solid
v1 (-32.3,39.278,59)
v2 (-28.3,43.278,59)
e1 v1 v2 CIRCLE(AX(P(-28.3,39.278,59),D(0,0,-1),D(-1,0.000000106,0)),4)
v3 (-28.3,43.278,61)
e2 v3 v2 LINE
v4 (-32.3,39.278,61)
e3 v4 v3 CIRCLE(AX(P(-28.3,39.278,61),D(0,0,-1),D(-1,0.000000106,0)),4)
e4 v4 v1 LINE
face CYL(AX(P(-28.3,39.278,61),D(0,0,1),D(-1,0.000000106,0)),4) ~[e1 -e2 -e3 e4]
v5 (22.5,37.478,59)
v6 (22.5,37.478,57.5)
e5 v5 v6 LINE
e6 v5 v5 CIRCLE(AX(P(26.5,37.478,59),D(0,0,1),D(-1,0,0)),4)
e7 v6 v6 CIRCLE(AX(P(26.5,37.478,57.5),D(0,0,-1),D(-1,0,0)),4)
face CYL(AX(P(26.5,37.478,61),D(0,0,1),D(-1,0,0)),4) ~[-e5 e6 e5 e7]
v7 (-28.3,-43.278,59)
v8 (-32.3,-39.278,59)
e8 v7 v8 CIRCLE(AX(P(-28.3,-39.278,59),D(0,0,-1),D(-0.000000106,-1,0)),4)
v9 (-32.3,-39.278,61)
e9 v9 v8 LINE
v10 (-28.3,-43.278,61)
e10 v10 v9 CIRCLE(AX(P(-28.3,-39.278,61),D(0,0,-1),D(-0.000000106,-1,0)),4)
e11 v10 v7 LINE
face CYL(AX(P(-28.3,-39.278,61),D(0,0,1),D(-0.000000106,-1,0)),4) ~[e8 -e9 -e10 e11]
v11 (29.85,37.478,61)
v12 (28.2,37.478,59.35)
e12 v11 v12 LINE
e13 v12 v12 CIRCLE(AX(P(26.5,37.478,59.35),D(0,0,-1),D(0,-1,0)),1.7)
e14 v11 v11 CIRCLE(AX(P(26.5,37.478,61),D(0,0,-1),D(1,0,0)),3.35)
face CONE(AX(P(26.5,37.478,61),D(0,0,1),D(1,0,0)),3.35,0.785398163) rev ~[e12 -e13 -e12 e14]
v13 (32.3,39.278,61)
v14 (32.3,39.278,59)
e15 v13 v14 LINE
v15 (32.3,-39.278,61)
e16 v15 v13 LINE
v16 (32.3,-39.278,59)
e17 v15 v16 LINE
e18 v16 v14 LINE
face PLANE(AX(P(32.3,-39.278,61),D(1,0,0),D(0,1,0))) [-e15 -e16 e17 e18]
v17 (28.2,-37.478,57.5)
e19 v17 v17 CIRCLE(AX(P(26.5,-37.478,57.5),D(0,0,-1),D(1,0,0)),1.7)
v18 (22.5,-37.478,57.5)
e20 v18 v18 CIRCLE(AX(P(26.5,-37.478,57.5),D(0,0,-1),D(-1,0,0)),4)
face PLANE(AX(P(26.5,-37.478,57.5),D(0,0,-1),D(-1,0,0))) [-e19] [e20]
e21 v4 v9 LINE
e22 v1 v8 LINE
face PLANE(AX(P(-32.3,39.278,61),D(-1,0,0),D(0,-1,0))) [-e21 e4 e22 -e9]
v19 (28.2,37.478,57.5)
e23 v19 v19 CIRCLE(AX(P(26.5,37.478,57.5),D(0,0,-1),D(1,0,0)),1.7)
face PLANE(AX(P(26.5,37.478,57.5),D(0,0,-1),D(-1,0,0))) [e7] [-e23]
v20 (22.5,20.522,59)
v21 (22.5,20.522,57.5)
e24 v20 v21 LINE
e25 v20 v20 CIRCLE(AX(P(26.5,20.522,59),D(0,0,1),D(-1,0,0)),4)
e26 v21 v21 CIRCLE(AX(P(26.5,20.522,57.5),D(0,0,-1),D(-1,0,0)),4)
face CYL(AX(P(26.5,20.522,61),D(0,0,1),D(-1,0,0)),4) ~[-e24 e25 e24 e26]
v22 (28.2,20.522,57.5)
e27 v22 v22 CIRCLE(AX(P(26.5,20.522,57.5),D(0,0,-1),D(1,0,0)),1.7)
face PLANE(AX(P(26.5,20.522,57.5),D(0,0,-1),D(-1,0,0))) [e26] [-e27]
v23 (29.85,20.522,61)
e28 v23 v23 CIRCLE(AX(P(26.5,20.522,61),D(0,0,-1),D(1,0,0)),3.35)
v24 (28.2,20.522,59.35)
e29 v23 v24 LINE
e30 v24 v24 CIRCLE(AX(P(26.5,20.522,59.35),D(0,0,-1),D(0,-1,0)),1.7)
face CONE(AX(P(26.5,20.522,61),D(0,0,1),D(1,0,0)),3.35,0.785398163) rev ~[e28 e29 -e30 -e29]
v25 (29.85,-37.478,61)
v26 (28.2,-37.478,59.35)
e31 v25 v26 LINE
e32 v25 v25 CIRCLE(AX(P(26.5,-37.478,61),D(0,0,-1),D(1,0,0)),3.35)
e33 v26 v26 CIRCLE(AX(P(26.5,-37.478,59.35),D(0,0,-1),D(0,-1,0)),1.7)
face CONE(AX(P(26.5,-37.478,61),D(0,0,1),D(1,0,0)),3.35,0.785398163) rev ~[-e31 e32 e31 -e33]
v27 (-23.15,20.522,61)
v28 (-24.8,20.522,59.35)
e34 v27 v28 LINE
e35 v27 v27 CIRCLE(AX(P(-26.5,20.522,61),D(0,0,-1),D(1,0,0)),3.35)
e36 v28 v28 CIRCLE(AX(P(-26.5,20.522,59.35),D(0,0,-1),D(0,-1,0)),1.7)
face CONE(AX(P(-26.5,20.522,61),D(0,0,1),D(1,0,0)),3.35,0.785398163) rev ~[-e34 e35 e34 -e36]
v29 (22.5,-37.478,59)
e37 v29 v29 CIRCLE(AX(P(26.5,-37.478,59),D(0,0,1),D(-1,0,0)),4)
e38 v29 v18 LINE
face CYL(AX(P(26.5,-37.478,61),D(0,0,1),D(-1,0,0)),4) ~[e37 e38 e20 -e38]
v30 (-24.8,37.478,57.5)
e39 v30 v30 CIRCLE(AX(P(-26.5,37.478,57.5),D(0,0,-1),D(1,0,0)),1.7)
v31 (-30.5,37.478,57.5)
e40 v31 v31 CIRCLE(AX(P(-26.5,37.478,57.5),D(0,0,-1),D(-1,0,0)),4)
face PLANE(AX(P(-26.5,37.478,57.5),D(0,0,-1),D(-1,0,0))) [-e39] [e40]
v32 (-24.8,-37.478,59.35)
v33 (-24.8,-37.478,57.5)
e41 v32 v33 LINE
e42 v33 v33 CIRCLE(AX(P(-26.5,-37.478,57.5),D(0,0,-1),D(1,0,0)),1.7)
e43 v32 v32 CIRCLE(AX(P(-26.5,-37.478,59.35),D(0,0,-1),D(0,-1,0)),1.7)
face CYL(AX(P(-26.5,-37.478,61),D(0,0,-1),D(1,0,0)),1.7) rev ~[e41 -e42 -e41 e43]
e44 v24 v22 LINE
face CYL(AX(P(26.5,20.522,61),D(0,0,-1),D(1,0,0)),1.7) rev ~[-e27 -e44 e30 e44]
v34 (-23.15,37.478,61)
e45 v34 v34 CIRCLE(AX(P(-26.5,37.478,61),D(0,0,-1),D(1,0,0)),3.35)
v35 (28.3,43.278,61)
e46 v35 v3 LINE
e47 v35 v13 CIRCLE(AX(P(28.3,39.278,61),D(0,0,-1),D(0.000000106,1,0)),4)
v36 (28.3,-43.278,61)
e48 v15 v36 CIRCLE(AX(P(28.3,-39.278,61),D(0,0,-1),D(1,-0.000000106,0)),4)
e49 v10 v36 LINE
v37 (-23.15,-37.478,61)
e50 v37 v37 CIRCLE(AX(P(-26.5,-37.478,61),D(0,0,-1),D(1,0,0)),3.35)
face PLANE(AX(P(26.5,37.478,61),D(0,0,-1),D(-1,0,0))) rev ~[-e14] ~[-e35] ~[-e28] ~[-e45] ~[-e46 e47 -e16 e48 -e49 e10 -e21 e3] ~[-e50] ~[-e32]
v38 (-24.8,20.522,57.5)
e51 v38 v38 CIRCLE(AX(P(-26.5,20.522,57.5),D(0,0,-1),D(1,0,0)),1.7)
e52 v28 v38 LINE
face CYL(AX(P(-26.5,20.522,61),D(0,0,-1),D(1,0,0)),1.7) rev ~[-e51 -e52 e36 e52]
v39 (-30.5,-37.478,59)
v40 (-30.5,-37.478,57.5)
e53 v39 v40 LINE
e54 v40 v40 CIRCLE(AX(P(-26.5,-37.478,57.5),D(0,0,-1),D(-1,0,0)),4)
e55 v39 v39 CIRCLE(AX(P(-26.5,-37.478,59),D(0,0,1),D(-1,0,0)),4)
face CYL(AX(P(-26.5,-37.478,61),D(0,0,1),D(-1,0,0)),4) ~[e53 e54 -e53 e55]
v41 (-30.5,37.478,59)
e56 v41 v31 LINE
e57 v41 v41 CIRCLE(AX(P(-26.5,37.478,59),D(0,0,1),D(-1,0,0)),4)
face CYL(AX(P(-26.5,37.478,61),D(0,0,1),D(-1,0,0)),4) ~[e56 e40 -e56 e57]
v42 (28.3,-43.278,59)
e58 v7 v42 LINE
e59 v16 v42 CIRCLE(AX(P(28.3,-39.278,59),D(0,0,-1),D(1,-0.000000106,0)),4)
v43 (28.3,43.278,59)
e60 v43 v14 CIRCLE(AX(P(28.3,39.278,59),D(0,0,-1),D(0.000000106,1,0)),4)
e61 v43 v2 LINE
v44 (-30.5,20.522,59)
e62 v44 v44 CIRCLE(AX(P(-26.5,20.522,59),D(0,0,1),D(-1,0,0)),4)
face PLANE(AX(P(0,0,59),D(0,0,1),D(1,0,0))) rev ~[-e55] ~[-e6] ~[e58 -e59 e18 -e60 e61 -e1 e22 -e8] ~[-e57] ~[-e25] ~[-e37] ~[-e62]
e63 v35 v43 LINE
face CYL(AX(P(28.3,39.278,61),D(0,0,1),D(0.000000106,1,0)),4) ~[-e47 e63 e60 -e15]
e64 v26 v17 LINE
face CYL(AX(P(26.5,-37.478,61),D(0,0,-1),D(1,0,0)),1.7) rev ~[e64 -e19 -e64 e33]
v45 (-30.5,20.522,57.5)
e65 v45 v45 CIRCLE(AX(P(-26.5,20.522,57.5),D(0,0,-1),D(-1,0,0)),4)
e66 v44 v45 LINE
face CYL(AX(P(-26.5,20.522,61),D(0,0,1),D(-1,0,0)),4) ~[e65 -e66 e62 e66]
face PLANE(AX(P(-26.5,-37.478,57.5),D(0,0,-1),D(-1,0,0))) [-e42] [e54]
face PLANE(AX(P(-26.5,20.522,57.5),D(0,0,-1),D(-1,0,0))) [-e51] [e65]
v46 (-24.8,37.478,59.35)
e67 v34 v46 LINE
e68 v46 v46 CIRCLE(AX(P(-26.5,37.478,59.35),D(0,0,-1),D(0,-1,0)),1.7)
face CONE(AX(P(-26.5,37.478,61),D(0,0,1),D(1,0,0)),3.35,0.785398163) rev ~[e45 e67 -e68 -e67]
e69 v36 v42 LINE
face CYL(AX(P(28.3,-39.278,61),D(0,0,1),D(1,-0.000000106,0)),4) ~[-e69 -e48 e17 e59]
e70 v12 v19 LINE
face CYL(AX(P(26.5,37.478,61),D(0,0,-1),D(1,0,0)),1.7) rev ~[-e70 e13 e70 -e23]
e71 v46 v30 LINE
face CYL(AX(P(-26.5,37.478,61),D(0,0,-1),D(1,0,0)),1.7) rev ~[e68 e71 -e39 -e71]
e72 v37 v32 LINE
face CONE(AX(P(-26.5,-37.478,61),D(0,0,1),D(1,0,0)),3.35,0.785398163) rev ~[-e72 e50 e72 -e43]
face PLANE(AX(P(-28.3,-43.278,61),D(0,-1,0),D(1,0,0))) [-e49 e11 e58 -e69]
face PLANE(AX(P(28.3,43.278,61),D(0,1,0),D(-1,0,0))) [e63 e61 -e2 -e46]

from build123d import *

# Parameters (mm, degrees)
PAD013_DEPTH            = 2
SKETCH020_R             = 4
PAD014_DEPTH            = 3.5
HOLE_D                  = 3.4
HOLE_DEPTH              = 25
HOLE_CSINK_D            = 6.7
HOLE_CSINK_ANGLE        = 90
BODY004_PLACEMENT_ANGLE = 180


with BuildPart() as part:
    # Sketch019 → Pad013 (new body)
    with BuildSketch(Plane.XY):
        with BuildLine():
            Line((-32.3, -39.278), (-32.3, 39.278))
            ThreePointArc((-28.3, 43.278), (-31.128427, 42.106427), (-32.3, 39.278))
            Line((-28.3, 43.278), (28.3, 43.278))
            ThreePointArc((32.3, 39.278), (31.128427, 42.106427), (28.3, 43.278))
            Line((32.3, 39.278), (32.3, -39.278))
            ThreePointArc((28.3, -43.278), (31.128427, -42.106427), (32.3, -39.278))
            Line((28.3, -43.278), (-28.3, -43.278))
            ThreePointArc((-32.3, -39.278), (-31.128427, -42.106427), (-28.3, -43.278))
        make_face()
    extrude(amount=PAD013_DEPTH)

    # Sketch020 → Pad014 (join)
    with BuildSketch(Plane.XY):
        with Locations((-26.5, 37.478)):
            Circle(SKETCH020_R)
        with Locations((26.5, 37.478)):
            Circle(SKETCH020_R)
        with Locations((26.5, 20.522)):
            Circle(SKETCH020_R)
        with Locations((26.5, -37.478)):
            Circle(SKETCH020_R)
        with Locations((-26.5, -37.478)):
            Circle(SKETCH020_R)
        with Locations((-26.5, 20.522)):
            Circle(SKETCH020_R)
    extrude(amount=PAD014_DEPTH)

    # Hole
    with Locations(Plane(origin=(0, 0, 0), x_dir=(1, 0, 0), z_dir=(0, 0, -1))):
        with Locations((-26.5, -37.478), (26.5, -37.478), (26.5, -20.522), (26.5, 37.478), (-26.5, 37.478), (-26.5, -20.522)):
            CounterSinkHole(HOLE_D / 2, HOLE_CSINK_D / 2, depth=HOLE_DEPTH, counter_sink_angle=HOLE_CSINK_ANGLE)


with BuildPart() as part_1:
    # Body004 placement: moved
    add(part.part.moved(Location((0, 0, 61))).rotate(Axis((0, 0, 61), (0, 1, 0)), BODY004_PLACEMENT_ANGLE))


solid = part_1.part
